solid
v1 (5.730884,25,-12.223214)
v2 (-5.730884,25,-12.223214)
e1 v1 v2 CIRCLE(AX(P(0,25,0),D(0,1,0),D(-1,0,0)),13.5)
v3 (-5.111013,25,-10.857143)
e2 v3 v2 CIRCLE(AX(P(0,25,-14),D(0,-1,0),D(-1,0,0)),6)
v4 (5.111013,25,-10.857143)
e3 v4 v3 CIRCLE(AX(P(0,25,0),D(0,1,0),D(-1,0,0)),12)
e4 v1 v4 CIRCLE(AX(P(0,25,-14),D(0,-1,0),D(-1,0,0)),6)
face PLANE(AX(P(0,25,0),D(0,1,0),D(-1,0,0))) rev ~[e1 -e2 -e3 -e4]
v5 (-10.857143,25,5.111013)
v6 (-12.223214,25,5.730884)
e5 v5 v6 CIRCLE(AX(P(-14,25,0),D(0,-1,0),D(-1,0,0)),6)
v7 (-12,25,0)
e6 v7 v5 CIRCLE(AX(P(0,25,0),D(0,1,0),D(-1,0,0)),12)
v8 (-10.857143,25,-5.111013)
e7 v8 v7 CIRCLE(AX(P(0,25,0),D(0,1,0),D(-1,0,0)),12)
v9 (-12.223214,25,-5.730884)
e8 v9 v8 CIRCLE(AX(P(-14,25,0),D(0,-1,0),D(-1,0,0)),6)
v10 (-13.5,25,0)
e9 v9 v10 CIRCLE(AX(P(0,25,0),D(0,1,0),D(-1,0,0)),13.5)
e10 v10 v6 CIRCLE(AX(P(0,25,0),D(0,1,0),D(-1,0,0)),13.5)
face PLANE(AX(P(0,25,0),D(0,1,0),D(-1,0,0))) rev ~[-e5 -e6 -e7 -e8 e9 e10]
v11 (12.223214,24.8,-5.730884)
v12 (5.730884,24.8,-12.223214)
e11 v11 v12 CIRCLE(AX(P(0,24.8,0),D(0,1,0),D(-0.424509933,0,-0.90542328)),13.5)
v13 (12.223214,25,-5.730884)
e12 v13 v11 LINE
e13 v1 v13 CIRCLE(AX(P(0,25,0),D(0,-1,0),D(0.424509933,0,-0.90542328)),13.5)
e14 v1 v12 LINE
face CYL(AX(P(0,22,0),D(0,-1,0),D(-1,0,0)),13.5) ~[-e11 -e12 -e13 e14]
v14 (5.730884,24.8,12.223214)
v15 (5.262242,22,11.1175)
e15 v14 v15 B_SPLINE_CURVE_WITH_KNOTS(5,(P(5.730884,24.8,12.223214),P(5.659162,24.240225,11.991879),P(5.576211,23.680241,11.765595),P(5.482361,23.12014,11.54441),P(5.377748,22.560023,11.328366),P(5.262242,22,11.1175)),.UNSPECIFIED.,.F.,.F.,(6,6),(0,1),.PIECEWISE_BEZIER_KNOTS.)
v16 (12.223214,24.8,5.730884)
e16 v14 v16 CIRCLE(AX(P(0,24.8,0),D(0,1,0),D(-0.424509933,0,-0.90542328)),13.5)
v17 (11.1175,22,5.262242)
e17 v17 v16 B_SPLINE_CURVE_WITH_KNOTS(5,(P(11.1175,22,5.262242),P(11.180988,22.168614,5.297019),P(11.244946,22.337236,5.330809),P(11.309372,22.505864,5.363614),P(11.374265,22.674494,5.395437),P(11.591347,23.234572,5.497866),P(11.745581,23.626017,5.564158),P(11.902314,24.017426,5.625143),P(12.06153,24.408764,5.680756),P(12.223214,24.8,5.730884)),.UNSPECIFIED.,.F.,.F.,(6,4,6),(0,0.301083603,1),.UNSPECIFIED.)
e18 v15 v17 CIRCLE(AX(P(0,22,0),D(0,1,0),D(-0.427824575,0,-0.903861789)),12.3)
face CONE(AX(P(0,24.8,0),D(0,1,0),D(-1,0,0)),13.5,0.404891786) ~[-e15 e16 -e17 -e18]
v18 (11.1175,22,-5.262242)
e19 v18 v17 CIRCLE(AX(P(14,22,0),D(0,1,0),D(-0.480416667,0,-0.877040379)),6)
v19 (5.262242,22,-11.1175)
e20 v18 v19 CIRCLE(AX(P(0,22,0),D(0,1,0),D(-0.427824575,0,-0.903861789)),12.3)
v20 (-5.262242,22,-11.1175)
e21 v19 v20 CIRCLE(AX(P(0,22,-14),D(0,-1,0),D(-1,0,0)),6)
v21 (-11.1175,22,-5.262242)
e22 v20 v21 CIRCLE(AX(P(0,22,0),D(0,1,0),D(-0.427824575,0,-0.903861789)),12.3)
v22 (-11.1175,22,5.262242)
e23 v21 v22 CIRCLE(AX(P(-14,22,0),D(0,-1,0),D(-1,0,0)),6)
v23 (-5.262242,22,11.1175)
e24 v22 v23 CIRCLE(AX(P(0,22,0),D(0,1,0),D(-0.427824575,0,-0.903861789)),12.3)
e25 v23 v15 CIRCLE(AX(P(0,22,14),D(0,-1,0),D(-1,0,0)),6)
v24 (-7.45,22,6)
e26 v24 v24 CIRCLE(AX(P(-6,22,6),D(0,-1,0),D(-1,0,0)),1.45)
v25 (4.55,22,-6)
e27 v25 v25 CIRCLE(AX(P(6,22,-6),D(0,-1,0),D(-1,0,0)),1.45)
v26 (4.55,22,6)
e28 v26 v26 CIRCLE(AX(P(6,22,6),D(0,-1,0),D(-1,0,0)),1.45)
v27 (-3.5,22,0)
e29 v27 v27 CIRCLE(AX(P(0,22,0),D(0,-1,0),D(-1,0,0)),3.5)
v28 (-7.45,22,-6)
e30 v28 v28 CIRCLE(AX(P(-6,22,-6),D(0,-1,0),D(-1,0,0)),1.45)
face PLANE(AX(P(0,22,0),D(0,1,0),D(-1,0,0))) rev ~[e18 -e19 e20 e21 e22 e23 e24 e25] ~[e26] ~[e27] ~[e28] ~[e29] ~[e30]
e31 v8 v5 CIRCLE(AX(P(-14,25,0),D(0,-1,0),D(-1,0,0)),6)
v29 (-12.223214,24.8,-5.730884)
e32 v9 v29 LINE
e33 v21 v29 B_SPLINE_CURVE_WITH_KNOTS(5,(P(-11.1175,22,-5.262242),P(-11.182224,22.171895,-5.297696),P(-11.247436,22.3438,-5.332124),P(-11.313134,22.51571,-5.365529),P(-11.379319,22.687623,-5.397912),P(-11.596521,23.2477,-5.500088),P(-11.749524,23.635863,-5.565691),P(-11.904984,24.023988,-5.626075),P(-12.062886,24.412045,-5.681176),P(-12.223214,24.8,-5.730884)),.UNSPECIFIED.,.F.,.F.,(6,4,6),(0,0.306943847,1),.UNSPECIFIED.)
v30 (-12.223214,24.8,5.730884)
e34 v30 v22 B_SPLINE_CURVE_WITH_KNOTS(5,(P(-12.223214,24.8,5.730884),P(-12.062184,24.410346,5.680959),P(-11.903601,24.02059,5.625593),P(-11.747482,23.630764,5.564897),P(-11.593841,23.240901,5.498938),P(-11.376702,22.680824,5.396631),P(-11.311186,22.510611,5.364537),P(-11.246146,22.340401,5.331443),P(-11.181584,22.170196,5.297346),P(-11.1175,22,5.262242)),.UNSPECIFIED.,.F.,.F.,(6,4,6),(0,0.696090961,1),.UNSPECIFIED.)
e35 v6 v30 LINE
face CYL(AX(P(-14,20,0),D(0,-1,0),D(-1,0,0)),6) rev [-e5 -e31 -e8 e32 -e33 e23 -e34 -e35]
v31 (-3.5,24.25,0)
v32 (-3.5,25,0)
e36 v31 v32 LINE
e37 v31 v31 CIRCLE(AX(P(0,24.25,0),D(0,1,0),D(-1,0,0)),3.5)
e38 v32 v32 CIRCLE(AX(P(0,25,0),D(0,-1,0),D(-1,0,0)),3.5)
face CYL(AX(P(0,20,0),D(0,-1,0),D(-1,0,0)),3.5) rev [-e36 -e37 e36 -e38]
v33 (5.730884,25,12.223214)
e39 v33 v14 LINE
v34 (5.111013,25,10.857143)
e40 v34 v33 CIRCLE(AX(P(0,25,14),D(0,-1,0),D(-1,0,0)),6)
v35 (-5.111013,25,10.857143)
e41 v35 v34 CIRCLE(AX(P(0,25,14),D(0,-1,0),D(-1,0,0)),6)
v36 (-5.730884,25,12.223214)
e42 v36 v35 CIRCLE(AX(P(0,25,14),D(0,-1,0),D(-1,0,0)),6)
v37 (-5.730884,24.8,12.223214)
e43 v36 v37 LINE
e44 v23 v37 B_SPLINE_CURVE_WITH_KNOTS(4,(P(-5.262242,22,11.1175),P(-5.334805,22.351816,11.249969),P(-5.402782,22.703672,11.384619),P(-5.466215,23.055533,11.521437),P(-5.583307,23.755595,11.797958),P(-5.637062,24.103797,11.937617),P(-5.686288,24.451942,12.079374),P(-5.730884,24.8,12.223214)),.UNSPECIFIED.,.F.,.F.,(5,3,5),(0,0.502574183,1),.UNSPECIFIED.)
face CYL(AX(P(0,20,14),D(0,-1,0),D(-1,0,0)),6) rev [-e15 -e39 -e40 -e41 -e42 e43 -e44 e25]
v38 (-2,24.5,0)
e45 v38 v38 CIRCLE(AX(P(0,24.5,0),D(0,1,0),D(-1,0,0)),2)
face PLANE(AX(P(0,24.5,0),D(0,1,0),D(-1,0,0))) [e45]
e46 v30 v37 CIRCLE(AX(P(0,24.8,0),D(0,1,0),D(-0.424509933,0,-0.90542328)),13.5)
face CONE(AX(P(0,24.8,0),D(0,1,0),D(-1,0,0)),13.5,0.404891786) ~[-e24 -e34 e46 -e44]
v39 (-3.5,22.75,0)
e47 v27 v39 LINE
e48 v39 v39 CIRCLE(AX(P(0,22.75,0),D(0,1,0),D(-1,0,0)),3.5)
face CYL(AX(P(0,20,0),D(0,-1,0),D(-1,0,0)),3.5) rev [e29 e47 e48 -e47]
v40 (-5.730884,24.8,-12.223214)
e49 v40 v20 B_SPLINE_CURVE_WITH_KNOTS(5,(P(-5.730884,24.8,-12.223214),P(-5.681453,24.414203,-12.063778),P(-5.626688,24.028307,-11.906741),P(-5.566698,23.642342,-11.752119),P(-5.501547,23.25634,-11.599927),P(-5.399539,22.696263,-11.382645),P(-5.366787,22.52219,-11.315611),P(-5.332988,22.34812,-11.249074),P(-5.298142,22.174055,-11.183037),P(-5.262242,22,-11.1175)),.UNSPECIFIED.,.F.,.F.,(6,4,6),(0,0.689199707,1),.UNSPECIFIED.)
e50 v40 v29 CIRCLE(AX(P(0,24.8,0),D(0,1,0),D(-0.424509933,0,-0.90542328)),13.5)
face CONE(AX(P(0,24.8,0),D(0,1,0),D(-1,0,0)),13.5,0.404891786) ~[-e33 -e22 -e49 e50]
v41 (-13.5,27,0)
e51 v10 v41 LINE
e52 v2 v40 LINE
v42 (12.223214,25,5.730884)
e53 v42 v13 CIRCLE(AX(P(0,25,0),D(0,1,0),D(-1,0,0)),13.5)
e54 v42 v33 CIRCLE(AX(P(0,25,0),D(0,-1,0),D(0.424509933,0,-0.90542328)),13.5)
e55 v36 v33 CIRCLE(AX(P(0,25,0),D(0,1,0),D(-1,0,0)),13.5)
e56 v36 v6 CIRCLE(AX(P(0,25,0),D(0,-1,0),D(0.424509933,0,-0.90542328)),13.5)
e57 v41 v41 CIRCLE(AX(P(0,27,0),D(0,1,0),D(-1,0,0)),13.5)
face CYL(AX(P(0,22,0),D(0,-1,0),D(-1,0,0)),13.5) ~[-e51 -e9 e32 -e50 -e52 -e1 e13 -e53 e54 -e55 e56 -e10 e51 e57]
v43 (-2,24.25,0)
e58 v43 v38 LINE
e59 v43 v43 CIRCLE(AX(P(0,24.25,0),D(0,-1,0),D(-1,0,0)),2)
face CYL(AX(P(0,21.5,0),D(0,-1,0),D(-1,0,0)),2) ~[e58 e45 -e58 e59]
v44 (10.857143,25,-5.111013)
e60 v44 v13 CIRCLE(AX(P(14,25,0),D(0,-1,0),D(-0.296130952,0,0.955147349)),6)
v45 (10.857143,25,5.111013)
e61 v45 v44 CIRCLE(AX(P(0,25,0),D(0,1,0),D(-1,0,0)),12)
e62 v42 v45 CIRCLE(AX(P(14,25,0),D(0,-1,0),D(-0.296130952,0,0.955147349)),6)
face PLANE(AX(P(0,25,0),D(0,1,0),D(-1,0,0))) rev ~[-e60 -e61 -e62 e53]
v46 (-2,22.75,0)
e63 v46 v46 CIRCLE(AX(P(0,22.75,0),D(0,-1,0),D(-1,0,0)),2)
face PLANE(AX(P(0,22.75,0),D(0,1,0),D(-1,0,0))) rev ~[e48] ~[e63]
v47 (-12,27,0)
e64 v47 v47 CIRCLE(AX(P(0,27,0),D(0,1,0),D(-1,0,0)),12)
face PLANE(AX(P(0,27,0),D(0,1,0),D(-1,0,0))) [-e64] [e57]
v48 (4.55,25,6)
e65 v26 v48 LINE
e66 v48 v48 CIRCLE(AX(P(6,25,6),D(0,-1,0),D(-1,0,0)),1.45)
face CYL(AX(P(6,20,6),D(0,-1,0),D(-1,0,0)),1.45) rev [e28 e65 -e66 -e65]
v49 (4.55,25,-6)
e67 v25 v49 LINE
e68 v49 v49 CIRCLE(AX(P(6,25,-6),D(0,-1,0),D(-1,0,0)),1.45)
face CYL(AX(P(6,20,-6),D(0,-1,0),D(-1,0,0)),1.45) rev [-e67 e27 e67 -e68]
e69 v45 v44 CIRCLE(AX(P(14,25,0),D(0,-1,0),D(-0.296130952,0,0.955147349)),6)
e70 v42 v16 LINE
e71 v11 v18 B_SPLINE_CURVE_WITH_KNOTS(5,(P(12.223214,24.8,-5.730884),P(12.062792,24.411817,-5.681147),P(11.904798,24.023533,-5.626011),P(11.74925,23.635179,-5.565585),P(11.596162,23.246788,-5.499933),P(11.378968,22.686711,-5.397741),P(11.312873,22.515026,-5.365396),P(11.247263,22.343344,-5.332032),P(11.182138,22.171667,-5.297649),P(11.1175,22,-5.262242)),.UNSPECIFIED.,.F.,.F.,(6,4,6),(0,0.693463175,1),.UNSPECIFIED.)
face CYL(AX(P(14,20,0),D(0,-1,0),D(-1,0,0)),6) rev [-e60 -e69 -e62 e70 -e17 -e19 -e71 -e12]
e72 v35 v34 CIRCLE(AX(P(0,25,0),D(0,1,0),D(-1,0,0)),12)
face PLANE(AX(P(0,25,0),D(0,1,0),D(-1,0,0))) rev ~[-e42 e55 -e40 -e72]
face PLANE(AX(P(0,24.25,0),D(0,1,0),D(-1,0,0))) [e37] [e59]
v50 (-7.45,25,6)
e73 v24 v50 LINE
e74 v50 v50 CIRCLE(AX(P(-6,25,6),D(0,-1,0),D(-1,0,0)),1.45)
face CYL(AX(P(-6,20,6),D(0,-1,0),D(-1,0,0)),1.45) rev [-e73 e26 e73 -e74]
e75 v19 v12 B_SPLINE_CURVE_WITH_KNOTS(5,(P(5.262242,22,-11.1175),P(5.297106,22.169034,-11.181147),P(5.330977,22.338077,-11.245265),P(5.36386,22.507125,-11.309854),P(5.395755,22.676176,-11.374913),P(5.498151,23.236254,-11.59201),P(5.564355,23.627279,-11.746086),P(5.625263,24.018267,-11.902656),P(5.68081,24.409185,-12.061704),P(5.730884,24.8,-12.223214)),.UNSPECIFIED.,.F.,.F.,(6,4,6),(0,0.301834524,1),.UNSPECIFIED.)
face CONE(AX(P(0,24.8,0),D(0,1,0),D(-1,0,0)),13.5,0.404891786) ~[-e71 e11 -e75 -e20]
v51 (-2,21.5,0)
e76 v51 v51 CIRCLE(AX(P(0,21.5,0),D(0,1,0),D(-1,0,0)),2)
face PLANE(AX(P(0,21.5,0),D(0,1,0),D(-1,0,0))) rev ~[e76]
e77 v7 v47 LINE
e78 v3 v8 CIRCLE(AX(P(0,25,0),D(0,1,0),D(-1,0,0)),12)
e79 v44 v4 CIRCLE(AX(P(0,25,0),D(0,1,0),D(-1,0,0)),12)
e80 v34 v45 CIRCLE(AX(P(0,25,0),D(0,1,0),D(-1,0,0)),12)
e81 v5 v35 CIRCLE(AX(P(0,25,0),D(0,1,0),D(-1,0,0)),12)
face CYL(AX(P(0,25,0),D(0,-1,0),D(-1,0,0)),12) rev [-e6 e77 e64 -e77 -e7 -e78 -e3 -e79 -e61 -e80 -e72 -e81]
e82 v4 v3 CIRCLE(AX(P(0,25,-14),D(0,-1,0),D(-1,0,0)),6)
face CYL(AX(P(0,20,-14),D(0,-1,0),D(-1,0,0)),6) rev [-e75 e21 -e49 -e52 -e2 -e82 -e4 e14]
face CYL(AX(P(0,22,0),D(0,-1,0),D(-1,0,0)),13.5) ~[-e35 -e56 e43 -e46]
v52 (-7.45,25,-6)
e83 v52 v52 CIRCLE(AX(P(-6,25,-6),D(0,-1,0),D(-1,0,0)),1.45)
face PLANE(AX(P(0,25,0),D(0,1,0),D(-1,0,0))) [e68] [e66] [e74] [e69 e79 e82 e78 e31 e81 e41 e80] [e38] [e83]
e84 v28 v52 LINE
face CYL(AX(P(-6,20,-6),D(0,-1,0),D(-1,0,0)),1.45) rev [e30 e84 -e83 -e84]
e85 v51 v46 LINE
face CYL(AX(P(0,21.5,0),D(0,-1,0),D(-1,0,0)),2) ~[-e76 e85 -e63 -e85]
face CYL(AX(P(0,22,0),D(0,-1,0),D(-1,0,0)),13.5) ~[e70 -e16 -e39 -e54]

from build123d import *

# Parameters (mm, degrees)
CYLINDER032_R             = 1.45
CYLINDER032_DEPTH         = 10
CYLINDER033_R             = 1.45
CYLINDER033_DEPTH         = 10
CYLINDER034_R             = 1.45
CYLINDER034_DEPTH         = 10
CYLINDER031_R             = 1.45
CYLINDER031_DEPTH         = 10
CYLINDER028_R             = 3.5
CYLINDER028_DEPTH         = 10
CYLINDER026_R             = 6
CYLINDER026_DEPTH         = 10
CYLINDER027_R             = 6
CYLINDER027_DEPTH         = 10
CYLINDER024_R             = 6
CYLINDER024_DEPTH         = 10
CYLINDER025_R             = 6
CYLINDER025_DEPTH         = 10
CYLINDER023_R             = 13.5
CYLINDER023_DEPTH         = 3
CHAMFER003_SIZE2          = 1.2
CHAMFER003_SIZE           = 2.8
CYLINDER010_R             = 12
CYLINDER010_DEPTH         = 2
CYLINDER011_R             = 13.5
CYLINDER011_DEPTH         = 2
CYLINDER030_R             = 2
CYLINDER030_DEPTH         = 3
CYLINDER029_R             = 3.5
CYLINDER029_DEPTH         = 1.5
FUSION008_ROLL_ANGLE      = 90
FUSION008_PLACEMENT_ANGLE = 180


with BuildPart() as cylinder032:
    # Cylinder032 → Cylinder032 (new body)
    with BuildSketch(Plane(origin=(6, -6, 0), x_dir=(1, 0, 0), z_dir=(0, 0, 1))):
        Circle(CYLINDER032_R)
    extrude(amount=CYLINDER032_DEPTH)


with BuildPart() as cylinder033:
    # Cylinder033 → Cylinder033 (new body)
    with BuildSketch(Plane(origin=(-6, -6, 0), x_dir=(1, 0, 0), z_dir=(0, 0, 1))):
        Circle(CYLINDER033_R)
    extrude(amount=CYLINDER033_DEPTH)


with BuildPart() as cylinder034:
    # Cylinder034 → Cylinder034 (new body)
    with BuildSketch(Plane(origin=(-6, 6, 0), x_dir=(1, 0, 0), z_dir=(0, 0, 1))):
        Circle(CYLINDER034_R)
    extrude(amount=CYLINDER034_DEPTH)


with BuildPart() as cylinder031:
    # Cylinder031 → Cylinder031 (new body)
    with BuildSketch(Plane(origin=(6, 6, 0), x_dir=(1, 0, 0), z_dir=(0, 0, 1))):
        Circle(CYLINDER031_R)
    extrude(amount=CYLINDER031_DEPTH)


with BuildPart() as cylinder028:
    # Cylinder028 → Cylinder028 (new body)
    with BuildSketch(Plane.XY):
        Circle(CYLINDER028_R)
    extrude(amount=CYLINDER028_DEPTH)


with BuildPart() as cylinder026:
    # Cylinder026 → Cylinder026 (new body)
    with BuildSketch(Plane(origin=(0, 14, 0), x_dir=(1, 0, 0), z_dir=(0, 0, 1))):
        Circle(CYLINDER026_R)
    extrude(amount=CYLINDER026_DEPTH)


with BuildPart() as cylinder027:
    # Cylinder027 → Cylinder027 (new body)
    with BuildSketch(Plane(origin=(-14, 0, 0), x_dir=(1, 0, 0), z_dir=(0, 0, 1))):
        Circle(CYLINDER027_R)
    extrude(amount=CYLINDER027_DEPTH)


with BuildPart() as cylinder024:
    # Cylinder024 → Cylinder024 (new body)
    with BuildSketch(Plane(origin=(14, 0, 0), x_dir=(1, 0, 0), z_dir=(0, 0, 1))):
        Circle(CYLINDER024_R)
    extrude(amount=CYLINDER024_DEPTH)


with BuildPart() as cylinder025:
    # Cylinder025 → Cylinder025 (new body)
    with BuildSketch(Plane(origin=(0, -14, 0), x_dir=(1, 0, 0), z_dir=(0, 0, 1))):
        Circle(CYLINDER025_R)
    extrude(amount=CYLINDER025_DEPTH)


with BuildPart() as cut022:
    # Cylinder023 → Cylinder023 (new body)
    with BuildSketch(Plane.XY.offset(2)):
        Circle(CYLINDER023_R)
    extrude(amount=CYLINDER023_DEPTH)

    # Chamfer003
    chamfer003_edges = [cut022.edges().sort_by_distance(p)[0] for p in [
        (-13.5, 0, 2),
    ]]
    chamfer003_side = cut022.faces().sort_by_distance((-13.5, 0, 3.5))[0]
    chamfer(chamfer003_edges, length=CHAMFER003_SIZE, length2=CHAMFER003_SIZE2, reference=chamfer003_side)

    # Cut017: cut Cylinder025
    add(cylinder025.part, mode=Mode.SUBTRACT)

    # Cut018: cut Cylinder024
    add(cylinder024.part, mode=Mode.SUBTRACT)

    # Cut019: cut Cylinder027
    add(cylinder027.part, mode=Mode.SUBTRACT)

    # Cut020: cut Cylinder026
    add(cylinder026.part, mode=Mode.SUBTRACT)

    # Cut021: cut Cylinder028
    add(cylinder028.part, mode=Mode.SUBTRACT)


with BuildPart() as cylinder010:
    # Cylinder010 → Cylinder010 (new body)
    with BuildSketch(Plane.XY.offset(5)):
        Circle(CYLINDER010_R)
    extrude(amount=CYLINDER010_DEPTH)


with BuildPart() as stator_full:
    # Cylinder011 → Cylinder011 (new body)
    with BuildSketch(Plane.XY.offset(5)):
        Circle(CYLINDER011_R)
    extrude(amount=CYLINDER011_DEPTH)

    # Cut011: cut Cylinder010
    add(cylinder010.part, mode=Mode.SUBTRACT)

    # Fusion007: union Cut022
    add(cut022.part)

    # Cut022: cut Cylinder031
    add(cylinder031.part, mode=Mode.SUBTRACT)

    # Cut023: cut Cylinder034
    add(cylinder034.part, mode=Mode.SUBTRACT)

    # Cut024: cut Cylinder033
    add(cylinder033.part, mode=Mode.SUBTRACT)

    # Cut025: cut Cylinder032
    add(cylinder032.part, mode=Mode.SUBTRACT)


with BuildPart() as cylinder030:
    # Cylinder030 → Cylinder030 (new body)
    with BuildSketch(Plane.XY.offset(1.5)):
        Circle(CYLINDER030_R)
    extrude(amount=CYLINDER030_DEPTH)


with BuildPart() as stator:
    # Cylinder029 → Cylinder029 (new body)
    with BuildSketch(Plane.XY.offset(2.75)):
        Circle(CYLINDER029_R)
    extrude(amount=CYLINDER029_DEPTH)

    # Fusion006: union Cylinder030
    add(cylinder030.part)

    # Fusion008: union Stator_Full
    add(stator_full.part)


with BuildPart() as stator_1:
    # Fusion008 roll: moved
    add(stator.part.rotate(Axis((0, 0, 0), (1, 0, 0)), FUSION008_ROLL_ANGLE))


with BuildPart() as stator_2:
    # Fusion008 placement: moved
    add(stator_1.part.moved(Location((0, 20, 0))).rotate(Axis((0, 20, 0), (0, 0, 1)), FUSION008_PLACEMENT_ANGLE))


solid = stator_2.part
